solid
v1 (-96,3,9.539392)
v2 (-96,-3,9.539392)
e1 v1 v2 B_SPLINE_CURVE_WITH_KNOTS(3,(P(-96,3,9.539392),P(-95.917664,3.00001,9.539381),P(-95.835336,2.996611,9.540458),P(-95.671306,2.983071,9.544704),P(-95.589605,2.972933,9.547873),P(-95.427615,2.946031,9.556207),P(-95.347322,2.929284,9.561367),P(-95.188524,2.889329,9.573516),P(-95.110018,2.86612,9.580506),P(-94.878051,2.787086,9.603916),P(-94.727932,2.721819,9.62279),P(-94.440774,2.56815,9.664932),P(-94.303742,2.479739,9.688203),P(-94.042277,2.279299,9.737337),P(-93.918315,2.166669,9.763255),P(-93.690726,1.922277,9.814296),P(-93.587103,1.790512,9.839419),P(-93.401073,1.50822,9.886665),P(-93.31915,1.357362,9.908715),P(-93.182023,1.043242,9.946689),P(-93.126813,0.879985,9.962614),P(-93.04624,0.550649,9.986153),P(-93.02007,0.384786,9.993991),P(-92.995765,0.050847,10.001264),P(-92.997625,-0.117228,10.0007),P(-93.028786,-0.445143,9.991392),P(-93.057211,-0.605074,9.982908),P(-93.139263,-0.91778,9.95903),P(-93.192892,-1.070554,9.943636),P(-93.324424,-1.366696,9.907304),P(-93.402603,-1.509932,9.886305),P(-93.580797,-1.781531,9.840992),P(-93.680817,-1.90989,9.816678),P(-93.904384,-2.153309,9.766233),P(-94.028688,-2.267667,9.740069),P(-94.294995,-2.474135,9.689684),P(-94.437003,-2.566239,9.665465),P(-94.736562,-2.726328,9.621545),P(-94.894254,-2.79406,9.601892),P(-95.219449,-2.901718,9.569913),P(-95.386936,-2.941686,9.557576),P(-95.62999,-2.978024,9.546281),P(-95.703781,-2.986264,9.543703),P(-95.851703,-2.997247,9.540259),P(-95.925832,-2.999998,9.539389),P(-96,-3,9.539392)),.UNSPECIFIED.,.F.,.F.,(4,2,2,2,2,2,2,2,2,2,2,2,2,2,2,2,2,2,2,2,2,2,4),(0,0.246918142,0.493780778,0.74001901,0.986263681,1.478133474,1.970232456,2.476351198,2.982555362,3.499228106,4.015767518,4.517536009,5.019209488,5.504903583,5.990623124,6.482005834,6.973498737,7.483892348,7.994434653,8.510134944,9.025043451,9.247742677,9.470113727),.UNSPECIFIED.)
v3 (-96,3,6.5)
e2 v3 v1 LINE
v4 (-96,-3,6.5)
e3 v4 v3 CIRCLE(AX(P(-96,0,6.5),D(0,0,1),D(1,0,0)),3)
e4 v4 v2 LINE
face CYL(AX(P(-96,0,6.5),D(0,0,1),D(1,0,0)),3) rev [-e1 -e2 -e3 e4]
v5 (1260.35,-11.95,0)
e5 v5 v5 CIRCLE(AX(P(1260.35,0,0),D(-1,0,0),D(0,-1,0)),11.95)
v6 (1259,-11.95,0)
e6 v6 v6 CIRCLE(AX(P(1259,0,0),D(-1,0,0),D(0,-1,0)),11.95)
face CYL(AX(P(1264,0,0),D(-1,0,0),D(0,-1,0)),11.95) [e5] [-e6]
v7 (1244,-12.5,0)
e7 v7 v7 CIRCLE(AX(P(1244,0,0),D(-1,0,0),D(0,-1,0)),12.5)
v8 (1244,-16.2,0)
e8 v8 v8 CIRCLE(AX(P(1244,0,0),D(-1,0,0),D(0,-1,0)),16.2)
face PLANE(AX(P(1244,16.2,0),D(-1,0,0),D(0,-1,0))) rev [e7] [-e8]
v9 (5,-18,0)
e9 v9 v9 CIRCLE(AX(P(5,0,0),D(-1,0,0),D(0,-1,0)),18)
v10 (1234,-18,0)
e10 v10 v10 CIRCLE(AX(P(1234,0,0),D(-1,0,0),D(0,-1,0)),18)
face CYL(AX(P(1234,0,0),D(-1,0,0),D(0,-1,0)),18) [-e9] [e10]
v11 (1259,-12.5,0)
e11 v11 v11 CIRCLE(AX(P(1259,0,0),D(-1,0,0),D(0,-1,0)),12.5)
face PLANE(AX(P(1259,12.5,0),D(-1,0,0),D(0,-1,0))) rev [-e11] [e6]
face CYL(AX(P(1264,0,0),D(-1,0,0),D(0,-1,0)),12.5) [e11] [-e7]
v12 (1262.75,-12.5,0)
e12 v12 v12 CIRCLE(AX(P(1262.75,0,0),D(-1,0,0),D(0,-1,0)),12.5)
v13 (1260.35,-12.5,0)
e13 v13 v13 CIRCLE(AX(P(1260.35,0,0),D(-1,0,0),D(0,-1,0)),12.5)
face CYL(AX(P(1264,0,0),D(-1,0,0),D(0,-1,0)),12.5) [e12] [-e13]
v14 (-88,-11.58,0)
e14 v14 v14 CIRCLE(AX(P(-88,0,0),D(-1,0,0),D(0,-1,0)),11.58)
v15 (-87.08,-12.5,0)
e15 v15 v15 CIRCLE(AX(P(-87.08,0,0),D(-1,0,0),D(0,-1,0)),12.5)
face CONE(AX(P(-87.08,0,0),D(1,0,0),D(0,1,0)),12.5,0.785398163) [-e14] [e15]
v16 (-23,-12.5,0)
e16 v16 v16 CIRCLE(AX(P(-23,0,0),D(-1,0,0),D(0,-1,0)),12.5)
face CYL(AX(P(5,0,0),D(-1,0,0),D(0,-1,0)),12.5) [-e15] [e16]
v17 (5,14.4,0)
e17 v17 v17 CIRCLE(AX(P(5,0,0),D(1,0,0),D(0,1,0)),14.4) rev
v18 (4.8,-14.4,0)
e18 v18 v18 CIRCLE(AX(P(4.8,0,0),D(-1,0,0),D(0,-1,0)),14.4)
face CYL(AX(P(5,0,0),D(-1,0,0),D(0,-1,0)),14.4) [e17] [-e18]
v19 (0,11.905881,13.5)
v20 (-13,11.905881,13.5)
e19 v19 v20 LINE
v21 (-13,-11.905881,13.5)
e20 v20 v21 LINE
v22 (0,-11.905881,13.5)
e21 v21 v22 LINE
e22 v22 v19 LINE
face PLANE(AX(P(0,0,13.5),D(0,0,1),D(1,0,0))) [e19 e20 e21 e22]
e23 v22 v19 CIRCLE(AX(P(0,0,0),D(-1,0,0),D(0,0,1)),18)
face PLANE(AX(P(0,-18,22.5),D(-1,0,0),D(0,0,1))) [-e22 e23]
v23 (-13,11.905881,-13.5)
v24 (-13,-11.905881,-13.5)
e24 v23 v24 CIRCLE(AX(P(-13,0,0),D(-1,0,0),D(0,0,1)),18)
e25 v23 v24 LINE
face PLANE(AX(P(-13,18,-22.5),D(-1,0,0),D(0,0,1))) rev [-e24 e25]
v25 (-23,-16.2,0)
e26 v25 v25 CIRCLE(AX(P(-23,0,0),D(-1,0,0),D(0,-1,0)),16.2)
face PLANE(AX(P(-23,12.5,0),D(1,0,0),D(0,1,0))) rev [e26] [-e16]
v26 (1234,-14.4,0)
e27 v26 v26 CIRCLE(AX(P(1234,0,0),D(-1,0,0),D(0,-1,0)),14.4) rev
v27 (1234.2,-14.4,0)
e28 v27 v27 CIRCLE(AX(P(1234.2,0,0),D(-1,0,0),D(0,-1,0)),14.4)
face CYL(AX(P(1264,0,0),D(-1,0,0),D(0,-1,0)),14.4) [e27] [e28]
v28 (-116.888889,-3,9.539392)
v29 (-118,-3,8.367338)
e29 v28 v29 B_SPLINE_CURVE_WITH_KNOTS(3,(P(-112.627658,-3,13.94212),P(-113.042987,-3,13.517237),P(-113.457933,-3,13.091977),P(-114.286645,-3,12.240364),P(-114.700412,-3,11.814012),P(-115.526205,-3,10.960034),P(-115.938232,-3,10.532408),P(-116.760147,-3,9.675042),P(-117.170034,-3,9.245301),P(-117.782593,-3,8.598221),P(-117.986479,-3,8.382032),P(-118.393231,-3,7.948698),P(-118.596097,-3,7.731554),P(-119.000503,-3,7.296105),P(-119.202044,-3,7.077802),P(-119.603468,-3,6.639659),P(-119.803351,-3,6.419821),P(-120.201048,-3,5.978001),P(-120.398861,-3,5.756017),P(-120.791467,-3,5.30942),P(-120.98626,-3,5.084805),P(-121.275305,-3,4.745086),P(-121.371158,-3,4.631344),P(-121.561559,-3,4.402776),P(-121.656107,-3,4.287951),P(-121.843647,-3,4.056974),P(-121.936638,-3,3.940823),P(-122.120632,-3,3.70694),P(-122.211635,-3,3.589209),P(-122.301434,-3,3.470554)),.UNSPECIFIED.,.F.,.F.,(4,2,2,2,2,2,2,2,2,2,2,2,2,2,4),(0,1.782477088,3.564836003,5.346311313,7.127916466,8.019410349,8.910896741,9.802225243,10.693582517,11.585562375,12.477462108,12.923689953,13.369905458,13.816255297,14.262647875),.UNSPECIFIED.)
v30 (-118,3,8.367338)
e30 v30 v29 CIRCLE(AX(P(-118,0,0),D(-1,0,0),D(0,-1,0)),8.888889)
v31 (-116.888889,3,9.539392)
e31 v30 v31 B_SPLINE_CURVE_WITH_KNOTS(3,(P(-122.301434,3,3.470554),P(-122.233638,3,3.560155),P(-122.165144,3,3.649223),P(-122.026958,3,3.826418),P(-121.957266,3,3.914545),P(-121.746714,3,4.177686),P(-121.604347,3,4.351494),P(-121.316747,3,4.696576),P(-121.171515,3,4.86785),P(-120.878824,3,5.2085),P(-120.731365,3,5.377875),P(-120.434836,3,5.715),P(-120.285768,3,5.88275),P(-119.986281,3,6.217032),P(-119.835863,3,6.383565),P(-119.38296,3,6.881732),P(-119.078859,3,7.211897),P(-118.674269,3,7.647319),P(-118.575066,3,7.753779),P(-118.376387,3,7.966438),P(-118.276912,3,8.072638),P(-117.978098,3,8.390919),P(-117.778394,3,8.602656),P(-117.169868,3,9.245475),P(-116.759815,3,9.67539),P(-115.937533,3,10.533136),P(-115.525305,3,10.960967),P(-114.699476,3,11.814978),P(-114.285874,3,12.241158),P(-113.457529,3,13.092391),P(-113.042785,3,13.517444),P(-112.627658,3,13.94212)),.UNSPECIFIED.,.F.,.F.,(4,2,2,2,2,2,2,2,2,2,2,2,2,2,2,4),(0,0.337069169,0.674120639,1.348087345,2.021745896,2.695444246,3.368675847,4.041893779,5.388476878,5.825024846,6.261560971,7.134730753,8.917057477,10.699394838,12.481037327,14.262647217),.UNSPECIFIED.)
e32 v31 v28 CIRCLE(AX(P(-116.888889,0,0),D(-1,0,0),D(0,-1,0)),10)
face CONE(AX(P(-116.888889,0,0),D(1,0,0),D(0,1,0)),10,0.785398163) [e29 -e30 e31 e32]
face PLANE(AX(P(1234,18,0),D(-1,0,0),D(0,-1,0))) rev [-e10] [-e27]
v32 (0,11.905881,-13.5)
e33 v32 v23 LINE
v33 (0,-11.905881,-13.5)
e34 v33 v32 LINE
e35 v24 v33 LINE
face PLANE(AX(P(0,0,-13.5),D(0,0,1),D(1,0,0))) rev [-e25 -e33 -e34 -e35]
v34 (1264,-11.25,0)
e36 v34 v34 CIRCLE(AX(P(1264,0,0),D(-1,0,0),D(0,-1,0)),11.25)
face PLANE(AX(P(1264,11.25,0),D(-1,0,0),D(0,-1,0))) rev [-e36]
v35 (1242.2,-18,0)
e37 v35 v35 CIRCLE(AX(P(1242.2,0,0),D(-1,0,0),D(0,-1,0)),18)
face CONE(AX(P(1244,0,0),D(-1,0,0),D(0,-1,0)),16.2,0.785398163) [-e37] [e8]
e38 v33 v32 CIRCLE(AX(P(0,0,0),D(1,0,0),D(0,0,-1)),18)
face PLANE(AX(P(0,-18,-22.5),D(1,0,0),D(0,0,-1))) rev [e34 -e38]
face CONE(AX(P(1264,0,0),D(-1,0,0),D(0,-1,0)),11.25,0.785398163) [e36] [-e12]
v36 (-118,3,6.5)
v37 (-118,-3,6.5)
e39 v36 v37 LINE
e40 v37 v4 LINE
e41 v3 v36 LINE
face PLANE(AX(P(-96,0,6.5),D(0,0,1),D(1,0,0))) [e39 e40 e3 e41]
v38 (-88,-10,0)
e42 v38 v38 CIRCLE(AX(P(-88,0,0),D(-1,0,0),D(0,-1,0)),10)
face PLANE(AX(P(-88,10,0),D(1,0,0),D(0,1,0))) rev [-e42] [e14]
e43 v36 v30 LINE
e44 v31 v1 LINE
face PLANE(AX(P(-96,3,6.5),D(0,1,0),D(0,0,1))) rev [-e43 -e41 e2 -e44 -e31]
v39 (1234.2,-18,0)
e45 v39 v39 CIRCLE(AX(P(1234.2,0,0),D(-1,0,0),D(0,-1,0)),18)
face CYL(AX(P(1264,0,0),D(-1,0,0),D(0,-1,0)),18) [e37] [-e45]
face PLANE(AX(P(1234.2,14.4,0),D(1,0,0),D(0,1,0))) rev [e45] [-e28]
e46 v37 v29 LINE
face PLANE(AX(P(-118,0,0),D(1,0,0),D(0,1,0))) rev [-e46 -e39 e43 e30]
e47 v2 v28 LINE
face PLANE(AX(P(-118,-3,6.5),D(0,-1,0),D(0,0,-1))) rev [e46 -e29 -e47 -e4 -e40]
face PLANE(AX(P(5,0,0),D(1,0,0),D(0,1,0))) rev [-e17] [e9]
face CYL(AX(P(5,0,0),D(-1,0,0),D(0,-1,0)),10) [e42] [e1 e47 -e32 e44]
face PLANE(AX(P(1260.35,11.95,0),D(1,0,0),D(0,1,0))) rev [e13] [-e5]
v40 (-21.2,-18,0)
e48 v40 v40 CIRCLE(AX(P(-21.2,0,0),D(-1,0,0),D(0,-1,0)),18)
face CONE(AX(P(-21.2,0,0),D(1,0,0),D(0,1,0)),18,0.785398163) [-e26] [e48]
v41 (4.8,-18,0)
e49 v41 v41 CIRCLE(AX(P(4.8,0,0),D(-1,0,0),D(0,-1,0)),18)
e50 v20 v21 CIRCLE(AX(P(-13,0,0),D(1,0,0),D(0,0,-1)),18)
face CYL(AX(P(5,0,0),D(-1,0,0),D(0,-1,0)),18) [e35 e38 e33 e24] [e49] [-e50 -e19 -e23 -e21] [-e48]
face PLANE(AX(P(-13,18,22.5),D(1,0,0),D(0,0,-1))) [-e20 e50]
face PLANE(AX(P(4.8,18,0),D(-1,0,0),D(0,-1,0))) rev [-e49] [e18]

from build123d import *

# Parameters (mm, degrees)
SKETCH1_W          = 1229
SKETCH1_H          = 18
SKETCH3_W          = 13
SKETCH3_H          = 36
CUT_EXTRUDE1_DEPTH = 9
SKETCH4_W          = 13
SKETCH4_H          = 36
CUT_EXTRUDE2_DEPTH = 9
CUT_EXTRUDE3_DEPTH = 3.5


with BuildPart() as part:
    # Sketch1 → Revolve1 (revolve)
    with BuildSketch(Plane.XY, mode=Mode.PRIVATE) as revolve1_sk:
        with Locations((619.5, 9)):
            Rectangle(SKETCH1_W, SKETCH1_H)
    revolve(revolve1_sk.sketch.rotate(Axis((1234, 0, 0), (-1, 0, 0)), 180), axis=Axis((1234, 0, 0), (-1, 0, 0)))

    # Sketch2 → Revolve2 (revolve)
    with BuildSketch(Plane.XY, mode=Mode.PRIVATE) as revolve2_sk:
        Polygon((-118, 0), (-118, 8.888888889), (-116.888888889, 10), (-88, 10), (-88, 11.58), (-87.08, 12.5), (-23, 12.5), (-23, 16.2), (-21.2, 18), (4.8, 18), (4.8, 14.4), (5, 14.4), (5, 0), align=None)
    revolve(revolve2_sk.sketch.rotate(Axis((5, 0, 0), (-1, 0, 0)), 180), axis=Axis((5, 0, 0), (-1, 0, 0)))

    # Sketch3 → Cut-Extrude1 (cut)
    with BuildSketch(Plane.XY.offset(13.5)):
        with Locations((-6.5, 0)):
            Rectangle(SKETCH3_W, SKETCH3_H)
    extrude(amount=CUT_EXTRUDE1_DEPTH, mode=Mode.SUBTRACT)

    # Sketch4 → Cut-Extrude2 (cut)
    with BuildSketch(Plane.XY.offset(-13.5)):
        with Locations((-6.5, 0)):
            Rectangle(SKETCH4_W, SKETCH4_H)
    extrude(amount=-CUT_EXTRUDE2_DEPTH, mode=Mode.SUBTRACT)

    # Sketch5 → Cut-Extrude3 (cut)
    with BuildSketch(Plane.XY.offset(10)):
        with BuildLine():
            Line((-118, -3), (-96, -3))
            ThreePointArc((-96, -3), (-93, 0), (-96, 3))
            Line((-96, 3), (-118, 3))
            Line((-118, 3), (-118, -3))
        make_face()
    extrude(amount=-CUT_EXTRUDE3_DEPTH, mode=Mode.SUBTRACT)

    # Sketch6 → Revolve3 (revolve)
    with BuildSketch(Plane.XY, mode=Mode.PRIVATE) as revolve3_sk:
        Polygon((1234, 0), (1234, 14.4), (1234.2, 14.4), (1234.2, 18), (1242.2, 18), (1244, 16.2), (1244, 12.5), (1259, 12.5), (1259, 11.95), (1260.35, 11.95), (1260.35, 12.5), (1262.75, 12.5), (1264, 11.25), (1264, 0), align=None)
    revolve(revolve3_sk.sketch.rotate(Axis((1264, 0, 0), (-1, 0, 0)), 180), axis=Axis((1264, 0, 0), (-1, 0, 0)))


solid = part.part
